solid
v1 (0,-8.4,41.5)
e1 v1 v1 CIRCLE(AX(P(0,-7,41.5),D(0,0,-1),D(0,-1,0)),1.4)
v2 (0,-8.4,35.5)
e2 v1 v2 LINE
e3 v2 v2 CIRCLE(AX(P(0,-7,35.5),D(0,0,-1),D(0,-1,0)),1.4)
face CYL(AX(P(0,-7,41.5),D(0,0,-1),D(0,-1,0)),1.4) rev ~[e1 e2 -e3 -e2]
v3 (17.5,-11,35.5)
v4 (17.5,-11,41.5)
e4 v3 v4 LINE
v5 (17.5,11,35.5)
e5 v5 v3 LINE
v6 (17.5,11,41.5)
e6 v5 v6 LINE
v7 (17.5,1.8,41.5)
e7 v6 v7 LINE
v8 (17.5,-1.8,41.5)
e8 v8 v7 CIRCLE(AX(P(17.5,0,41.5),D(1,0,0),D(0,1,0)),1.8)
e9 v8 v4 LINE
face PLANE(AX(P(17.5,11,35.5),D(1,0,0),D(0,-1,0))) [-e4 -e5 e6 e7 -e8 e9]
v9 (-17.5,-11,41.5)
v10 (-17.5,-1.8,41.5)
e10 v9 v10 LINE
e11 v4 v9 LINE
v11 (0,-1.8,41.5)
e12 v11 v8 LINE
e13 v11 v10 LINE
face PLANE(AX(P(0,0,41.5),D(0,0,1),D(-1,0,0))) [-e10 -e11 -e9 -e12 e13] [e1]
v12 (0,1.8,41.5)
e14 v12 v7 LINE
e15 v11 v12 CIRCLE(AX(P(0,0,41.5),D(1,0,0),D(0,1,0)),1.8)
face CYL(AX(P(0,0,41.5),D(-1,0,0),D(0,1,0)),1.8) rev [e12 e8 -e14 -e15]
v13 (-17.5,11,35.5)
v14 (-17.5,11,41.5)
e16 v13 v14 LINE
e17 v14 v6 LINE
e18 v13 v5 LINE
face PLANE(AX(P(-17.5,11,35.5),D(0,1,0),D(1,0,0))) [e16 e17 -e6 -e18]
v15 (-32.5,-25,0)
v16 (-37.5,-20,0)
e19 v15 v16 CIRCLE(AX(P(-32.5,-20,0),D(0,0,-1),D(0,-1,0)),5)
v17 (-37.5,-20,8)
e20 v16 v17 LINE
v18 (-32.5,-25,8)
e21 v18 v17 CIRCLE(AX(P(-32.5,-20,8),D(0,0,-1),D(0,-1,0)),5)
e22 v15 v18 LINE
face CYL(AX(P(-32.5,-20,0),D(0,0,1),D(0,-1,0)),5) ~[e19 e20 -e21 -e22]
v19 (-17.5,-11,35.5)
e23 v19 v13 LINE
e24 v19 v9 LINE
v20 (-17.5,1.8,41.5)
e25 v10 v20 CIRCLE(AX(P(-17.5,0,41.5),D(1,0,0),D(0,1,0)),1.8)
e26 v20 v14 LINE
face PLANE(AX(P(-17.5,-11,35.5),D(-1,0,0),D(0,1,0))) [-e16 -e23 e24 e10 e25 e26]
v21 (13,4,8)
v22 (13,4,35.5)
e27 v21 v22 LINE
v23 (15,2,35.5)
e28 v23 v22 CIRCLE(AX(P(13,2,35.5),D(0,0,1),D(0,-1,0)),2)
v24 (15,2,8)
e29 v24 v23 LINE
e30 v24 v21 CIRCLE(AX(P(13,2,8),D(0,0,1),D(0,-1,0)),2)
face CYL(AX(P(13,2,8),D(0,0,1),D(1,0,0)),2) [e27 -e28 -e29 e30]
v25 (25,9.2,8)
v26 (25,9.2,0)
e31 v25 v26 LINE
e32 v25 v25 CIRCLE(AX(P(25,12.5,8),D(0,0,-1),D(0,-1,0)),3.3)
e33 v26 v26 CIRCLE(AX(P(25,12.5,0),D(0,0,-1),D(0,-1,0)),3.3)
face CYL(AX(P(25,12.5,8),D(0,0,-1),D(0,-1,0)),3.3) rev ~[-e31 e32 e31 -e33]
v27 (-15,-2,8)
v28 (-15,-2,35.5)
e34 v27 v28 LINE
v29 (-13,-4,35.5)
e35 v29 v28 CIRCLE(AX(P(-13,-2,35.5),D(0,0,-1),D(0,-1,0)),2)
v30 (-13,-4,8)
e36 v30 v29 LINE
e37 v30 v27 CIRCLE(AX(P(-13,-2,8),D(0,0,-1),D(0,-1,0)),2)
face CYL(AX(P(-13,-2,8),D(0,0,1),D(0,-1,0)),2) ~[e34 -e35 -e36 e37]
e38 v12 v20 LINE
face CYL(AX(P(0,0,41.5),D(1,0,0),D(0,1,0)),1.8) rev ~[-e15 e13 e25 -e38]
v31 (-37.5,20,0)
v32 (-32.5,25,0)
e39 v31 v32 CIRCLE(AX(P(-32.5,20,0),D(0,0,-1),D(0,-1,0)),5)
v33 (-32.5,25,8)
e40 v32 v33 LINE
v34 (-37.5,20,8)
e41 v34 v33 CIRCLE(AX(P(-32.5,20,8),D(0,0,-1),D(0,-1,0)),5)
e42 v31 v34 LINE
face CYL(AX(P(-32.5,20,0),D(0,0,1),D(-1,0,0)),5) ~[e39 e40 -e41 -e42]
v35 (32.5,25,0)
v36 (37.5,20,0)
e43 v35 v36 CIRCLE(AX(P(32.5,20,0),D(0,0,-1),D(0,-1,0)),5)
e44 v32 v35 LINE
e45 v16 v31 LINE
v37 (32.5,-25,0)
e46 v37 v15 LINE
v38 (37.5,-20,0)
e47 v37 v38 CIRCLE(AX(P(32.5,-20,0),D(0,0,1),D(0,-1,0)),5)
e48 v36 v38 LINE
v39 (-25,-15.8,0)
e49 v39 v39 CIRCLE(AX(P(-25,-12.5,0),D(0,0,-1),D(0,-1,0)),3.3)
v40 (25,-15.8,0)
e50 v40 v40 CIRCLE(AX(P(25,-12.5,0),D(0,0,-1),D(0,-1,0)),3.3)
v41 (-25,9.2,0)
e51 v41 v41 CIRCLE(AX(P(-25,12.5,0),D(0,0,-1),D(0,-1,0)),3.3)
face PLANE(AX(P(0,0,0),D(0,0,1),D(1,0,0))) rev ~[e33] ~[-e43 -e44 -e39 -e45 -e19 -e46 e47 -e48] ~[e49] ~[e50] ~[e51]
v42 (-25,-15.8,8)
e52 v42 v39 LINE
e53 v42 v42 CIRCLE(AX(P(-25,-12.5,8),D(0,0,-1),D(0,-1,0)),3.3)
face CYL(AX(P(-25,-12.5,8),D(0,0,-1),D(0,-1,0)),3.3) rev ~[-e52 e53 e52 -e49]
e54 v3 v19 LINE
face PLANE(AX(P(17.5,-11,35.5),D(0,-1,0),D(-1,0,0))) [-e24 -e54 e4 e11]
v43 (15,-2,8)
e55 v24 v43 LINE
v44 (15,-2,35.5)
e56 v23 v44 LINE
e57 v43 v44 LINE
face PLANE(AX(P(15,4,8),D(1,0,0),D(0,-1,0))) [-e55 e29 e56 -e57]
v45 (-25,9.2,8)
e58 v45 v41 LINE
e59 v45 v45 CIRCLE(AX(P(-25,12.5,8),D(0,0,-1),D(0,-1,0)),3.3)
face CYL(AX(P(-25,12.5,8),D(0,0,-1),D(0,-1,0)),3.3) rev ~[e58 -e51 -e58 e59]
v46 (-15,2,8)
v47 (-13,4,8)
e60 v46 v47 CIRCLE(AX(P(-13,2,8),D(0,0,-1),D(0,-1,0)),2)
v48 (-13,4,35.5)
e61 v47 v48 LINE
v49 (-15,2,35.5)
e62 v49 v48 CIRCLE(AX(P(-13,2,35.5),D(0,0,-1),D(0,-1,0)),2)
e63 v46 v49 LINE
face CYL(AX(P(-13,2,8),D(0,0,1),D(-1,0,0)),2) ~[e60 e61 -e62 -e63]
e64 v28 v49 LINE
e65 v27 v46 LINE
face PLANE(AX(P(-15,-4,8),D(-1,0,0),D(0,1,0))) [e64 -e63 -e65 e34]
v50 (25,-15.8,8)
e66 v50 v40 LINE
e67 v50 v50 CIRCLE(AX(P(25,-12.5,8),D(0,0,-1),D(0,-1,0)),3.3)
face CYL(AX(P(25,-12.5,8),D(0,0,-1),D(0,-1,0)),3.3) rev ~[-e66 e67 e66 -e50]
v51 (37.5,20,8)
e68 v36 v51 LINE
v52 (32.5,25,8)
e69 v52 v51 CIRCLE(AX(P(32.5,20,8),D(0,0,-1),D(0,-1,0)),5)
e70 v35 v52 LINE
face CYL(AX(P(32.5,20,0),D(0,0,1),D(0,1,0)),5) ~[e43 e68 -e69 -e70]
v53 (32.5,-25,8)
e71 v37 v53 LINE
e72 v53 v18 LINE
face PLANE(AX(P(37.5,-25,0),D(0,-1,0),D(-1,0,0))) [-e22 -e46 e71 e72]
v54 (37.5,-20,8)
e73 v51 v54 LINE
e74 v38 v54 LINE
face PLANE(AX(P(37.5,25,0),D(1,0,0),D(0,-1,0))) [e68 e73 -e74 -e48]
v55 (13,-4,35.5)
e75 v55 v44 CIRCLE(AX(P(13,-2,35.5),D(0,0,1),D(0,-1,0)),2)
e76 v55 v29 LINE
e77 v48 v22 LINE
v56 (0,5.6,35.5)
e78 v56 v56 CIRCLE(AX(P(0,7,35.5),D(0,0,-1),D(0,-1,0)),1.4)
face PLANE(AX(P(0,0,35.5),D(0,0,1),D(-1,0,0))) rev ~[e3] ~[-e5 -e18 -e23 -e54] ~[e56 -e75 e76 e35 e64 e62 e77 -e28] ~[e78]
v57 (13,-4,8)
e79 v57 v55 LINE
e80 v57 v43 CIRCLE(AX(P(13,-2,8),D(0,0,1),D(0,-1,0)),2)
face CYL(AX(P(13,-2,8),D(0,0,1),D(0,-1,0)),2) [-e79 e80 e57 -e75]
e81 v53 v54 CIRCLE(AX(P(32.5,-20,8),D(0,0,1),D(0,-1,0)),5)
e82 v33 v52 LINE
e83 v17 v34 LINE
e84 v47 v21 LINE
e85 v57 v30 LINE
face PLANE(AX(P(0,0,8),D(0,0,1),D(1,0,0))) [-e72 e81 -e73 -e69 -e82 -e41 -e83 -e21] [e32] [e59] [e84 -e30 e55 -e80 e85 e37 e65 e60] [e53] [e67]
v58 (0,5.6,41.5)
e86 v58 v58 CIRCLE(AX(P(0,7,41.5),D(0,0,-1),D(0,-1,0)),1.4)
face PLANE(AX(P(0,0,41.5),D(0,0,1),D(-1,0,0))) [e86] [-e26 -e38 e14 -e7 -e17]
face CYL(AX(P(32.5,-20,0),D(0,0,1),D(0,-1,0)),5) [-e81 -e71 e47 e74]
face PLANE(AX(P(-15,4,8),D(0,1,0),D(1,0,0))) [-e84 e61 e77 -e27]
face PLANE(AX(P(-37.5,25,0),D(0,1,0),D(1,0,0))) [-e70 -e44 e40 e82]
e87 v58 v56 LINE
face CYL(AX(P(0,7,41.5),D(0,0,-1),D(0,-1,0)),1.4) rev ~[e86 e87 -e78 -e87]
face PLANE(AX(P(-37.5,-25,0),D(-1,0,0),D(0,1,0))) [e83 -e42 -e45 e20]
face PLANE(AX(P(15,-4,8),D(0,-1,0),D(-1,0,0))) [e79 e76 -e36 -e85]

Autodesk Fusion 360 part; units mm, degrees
sketch "草图1" plane through (0, 0, 0) normal (0, 0, 1) x (1, 0, 0)
  line L0 (37.5, -25) -> (-37.5, -25)
  line L1 (-37.5, -25) -> (-37.5, 25)
  line L2 (-37.5, 25) -> (37.5, 25)
  line L3 (37.5, 25) -> (37.5, -25)
  line L4 (37.5, -25) -> (-37.5, 25) construction
  line L5 (-37.5, -25) -> (37.5, 25) construction
  dimension "d34" = 75
  dimension "d35" = 50
extrude "拉伸1" add sketch "草图1" along normal blind 8
fillet "圆角1" radius 5 4 edges at (37.5, -25, 4) (-37.5, -25, 4) (37.5, 25, 4) (-37.5, 25, 4)
sketch "草图2" plane through (0, 0, 8) normal (0, 0, 1) x (-1, 0, 0)
  arc A0 (32.5, -25) -> (37.5, -20) centre (32.5, -20) ccw
  line L0 (37.5, -20) -> (37.5, 20)
  arc A1 (37.5, 20) -> (32.5, 25) centre (32.5, 20) ccw
  line L1 (32.5, 25) -> (-32.5, 25)
  arc A2 (-32.5, 25) -> (-37.5, 20) centre (-32.5, 20) ccw
  line L2 (-37.5, 20) -> (-37.5, -20)
  arc A3 (-37.5, -20) -> (-32.5, -25) centre (-32.5, -20) ccw
  line L3 (-32.5, -25) -> (32.5, -25)
  point P0 (-25, -12.5)
  dimension "d40" = 12.5
  dimension "d41" = 12.5
hole "孔1" at (25, 12.5, 8) direction (0, 0, -1) diameter 6.6 depth 25 tip angle 180
pattern_linear "R-阵列1" count 2 spacing 50 along (-1, 0, 0) count 2 spacing 25 along (0, -1, 0) of "孔1"
sketch "草图3" plane through (0, 0, 8) normal (0, 0, 1) x (-1, 0, 0)
  circle A0 centre (25, 12.5) radius 3.3
  circle A1 centre (-25, 12.5) radius 3.3
  circle A2 centre (25, -12.5) radius 3.3
  circle A3 centre (-25, -12.5) radius 3.3
  arc A4 (32.5, -25) -> (37.5, -20) centre (32.5, -20) ccw
  line L0 (37.5, -20) -> (37.5, 20)
  arc A5 (37.5, 20) -> (32.5, 25) centre (32.5, 20) ccw
  line L1 (32.5, 25) -> (-32.5, 25)
  arc A6 (-32.5, 25) -> (-37.5, 20) centre (-32.5, 20) ccw
  line L2 (-37.5, 20) -> (-37.5, -20)
  arc A7 (-37.5, -20) -> (-32.5, -25) centre (-32.5, -20) ccw
  line L3 (-32.5, -25) -> (32.5, -25)
  line L4 (15, -4) -> (-15, -4)
  line L5 (-15, -4) -> (-15, 4)
  line L6 (-15, 4) -> (15, 4)
  line L7 (15, 4) -> (15, -4)
  line L8 (15, -4) -> (-15, 4) construction
  line L9 (-15, -4) -> (15, 4) construction
  dimension "d49" = 30
  dimension "d50" = 8
extrude "拉伸2" add sketch "草图3" along normal blind 27.5 contours L4 L5 L6 L7
sketch "草图4" plane through (0, 0, 35.5) normal (0, 0, 1) x (-1, 0, 0)
  line L0 (15, 4) -> (-15, 4)
  line L1 (-15, 4) -> (-15, -4)
  line L2 (-15, -4) -> (15, -4)
  line L3 (15, -4) -> (15, 4)
  line L4 (17.5, -11) -> (-17.5, -11)
  line L5 (-17.5, -11) -> (-17.5, 11)
  line L6 (-17.5, 11) -> (17.5, 11)
  line L7 (17.5, 11) -> (17.5, -11)
  line L8 (17.5, -11) -> (-17.5, 11) construction
  line L9 (-17.5, -11) -> (17.5, 11) construction
  dimension "d53" = 35
  dimension "d54" = 22
extrude "拉伸3" add sketch "草图4" along normal blind 6 contours L0 L1 L2 L3 | L4 L5 L6 L7
sketch "草图5" plane through (0, 0, 0) normal (1, 0, 0) x (0, 1, 0)
  line L0 (11, 41.5) -> (-11, 41.5)
  line L1 (11, 35.5) -> (11, 41.5)
  line L2 (-11, 35.5) -> (-11, 41.5)
  circle A0 centre (0, 41.5) radius 1.8
  dimension "d57" = 3.6
extrude "拉伸4" cut sketch "草图5" along normal blind 17.5 and the other way blind 17.5
sketch "草图6" plane through (0, 0, 41.5) normal (0, 0, 1) x (-1, 0, 0)
  line L0 (17.5, -1.8) -> (-17.5, -1.8)
  line L1 (-17.5, -1.8) -> (-17.5, -11)
  line L2 (-17.5, -11) -> (17.5, -11)
  line L3 (17.5, -11) -> (17.5, -1.8)
  point P0 (0, 7)
  point P1 (0, -7)
hole "孔2" at (0, -7, 41.5) at (0, 7, 41.5) direction (0, 0, -1) diameter 2.8 depth 10 tip angle 118
fillet "圆角2" radius 2 4 edges at (15, 4, 21.75) (-15, 4, 21.75) (15, -4, 21.75) (-15, -4, 21.75)
component "Fixed_Catheter_Clamp_Base" placed x (1, 0, 0) y (0, 1, 0) z (0, 0, 1) at (0, 0, 0)
equation "Rail_Support_Height = 8 mm" comment "【占位值】导入后必须改成实测值：实验台上表面到 MGN12 导轨底面的实际垂直距离；0 mm 不是设计值。"
equation "MGN12H_Combined_Height = 13 mm" comment "MGN12 导轨底面到 MGN12H 滑块顶面的组合高度"
equation "Pulley_Base_Thickness = 6 mm" comment "MGN12H 转接底座厚度"
equation "Wheel_Base_Clearance = 1.5 mm" comment "大导向轮底面与转接底座顶面的目标间隙"
equation "Pulley_Groove_Center_Height = 8 mm" comment "大导向轮底面到导管槽中心线的高度"
equation "Clamp_Center_Height = Rail_Support_Height + MGN12H_Combined_Height + Pulley_Base_Thickness + Wheel_Base_Clearance + Pulley_Groove_Center_Height" comment "固定夹导管中心距实验台面的高度；随 Rail_Support_Height 自动更新"
equation "Clamp_Base_Length = 75 mm" comment "桌面安装底板 X 方向长度"
equation "Clamp_Base_Width = 50 mm" comment "桌面安装底板 Y 方向宽度"
equation "Clamp_Base_Thickness = 8 mm" comment "桌面安装底板厚度"
equation "Clamp_Base_Corner_Radius = 5 mm" comment "底板四角圆角半径"
equation "Table_Hole_Pitch_X = 50 mm" comment "四个 M6 桌面安装孔 X 方向中心距"
equation "Table_Hole_Pitch_Y = 25 mm" comment "四个 M6 桌面安装孔 Y 方向中心距"
equation "M6_Clearance_Diameter = 6.6 mm" comment "M6 螺钉通孔直径"
equation "Column_Length = 30 mm" comment "中央立柱 X 方向长度"
equation "Column_Width = 20 mm" comment "中央立柱 Y 方向宽度"
equation "Lower_Jaw_Length = 35 mm" comment "下夹座 X 方向长度"
equation "Lower_Jaw_Width = 22 mm" comment "下夹座 Y 方向宽度"
equation "Lower_Jaw_Height = 6 mm" comment "下夹座高度"
equation "Column_Height = Clamp_Center_Height - Clamp_Base_Thickness - Lower_Jaw_Height" comment "中央立柱从底板顶面向上的高度；随 Rail_Support_Height 自动更新"
equation "Upper_Jaw_Length = 35 mm" comment "上夹盖 X 方向长度"
equation "Upper_Jaw_Width = 22 mm" comment "上夹盖 Y 方向宽度"
equation "Upper_Jaw_Height = 5 mm" comment "上夹盖高度"
equation "Catheter_Diameter = 2.4 mm" comment "弹簧导管外径"
equation "Ecoflex_Pad_Nominal_Thickness = 0.5 mm" comment "未来 Ecoflex 软垫名义厚度；本阶段只预留接口"
equation "Catheter_Assembly_Clearance = 0.2 mm" comment "导管与未来 Ecoflex 衬垫装配预留量"
equation "Clamp_Groove_Diameter = Catheter_Diameter + 2 * Ecoflex_Pad_Nominal_Thickness + Catheter_Assembly_Clearance" comment "硬质上下夹块导管槽直径；为未来 Ecoflex 衬垫预留"
equation "Clamp_M3_Offset_Y = 7 mm" comment "两枚 M3 螺钉相对夹块中心的 Y 向偏置"
equation "M3_Cap_Clearance_Diameter = 3.4 mm" comment "上夹盖 M3 通孔直径"
equation "M3_Lower_Pilot_Diameter = 2.8 mm" comment "下夹座 M3 导向孔直径"
equation "M3_Lower_Pilot_Depth = 5 mm" comment "下夹座 M3 导向孔深度"
equation "Column_Base_Fillet = 4 mm" comment "中央立柱与底板连接处圆角半径"
equation "Jaw_Column_Fillet = 2 mm" comment "下夹座与立柱连接处可选圆角半径"
equation "Edge_Fillet = 1 mm" comment "外部尖锐边缘小圆角半径"
equation "d34 = Clamp_Base_Length"
equation "d35 = Clamp_Base_Width"
equation "d36 = Clamp_Base_Thickness"
equation "d39 = Clamp_Base_Corner_Radius"
equation "d43 = M6_Clearance_Diameter"
equation "d49 = Column_Length"
equation "d50 = Column_Width / 2 - 2 mm"
equation "d51 = Column_Height + 5 mm"
equation "d53 = Lower_Jaw_Length"
equation "d54 = Lower_Jaw_Width"
equation "d55 = Lower_Jaw_Height"
equation "d57 = Clamp_Groove_Diameter"
equation "d62 = M3_Lower_Pilot_Depth + 5 mm"
equation "d63 = M3_Lower_Pilot_Diameter"
equation "d66 = Jaw_Column_Fillet"
